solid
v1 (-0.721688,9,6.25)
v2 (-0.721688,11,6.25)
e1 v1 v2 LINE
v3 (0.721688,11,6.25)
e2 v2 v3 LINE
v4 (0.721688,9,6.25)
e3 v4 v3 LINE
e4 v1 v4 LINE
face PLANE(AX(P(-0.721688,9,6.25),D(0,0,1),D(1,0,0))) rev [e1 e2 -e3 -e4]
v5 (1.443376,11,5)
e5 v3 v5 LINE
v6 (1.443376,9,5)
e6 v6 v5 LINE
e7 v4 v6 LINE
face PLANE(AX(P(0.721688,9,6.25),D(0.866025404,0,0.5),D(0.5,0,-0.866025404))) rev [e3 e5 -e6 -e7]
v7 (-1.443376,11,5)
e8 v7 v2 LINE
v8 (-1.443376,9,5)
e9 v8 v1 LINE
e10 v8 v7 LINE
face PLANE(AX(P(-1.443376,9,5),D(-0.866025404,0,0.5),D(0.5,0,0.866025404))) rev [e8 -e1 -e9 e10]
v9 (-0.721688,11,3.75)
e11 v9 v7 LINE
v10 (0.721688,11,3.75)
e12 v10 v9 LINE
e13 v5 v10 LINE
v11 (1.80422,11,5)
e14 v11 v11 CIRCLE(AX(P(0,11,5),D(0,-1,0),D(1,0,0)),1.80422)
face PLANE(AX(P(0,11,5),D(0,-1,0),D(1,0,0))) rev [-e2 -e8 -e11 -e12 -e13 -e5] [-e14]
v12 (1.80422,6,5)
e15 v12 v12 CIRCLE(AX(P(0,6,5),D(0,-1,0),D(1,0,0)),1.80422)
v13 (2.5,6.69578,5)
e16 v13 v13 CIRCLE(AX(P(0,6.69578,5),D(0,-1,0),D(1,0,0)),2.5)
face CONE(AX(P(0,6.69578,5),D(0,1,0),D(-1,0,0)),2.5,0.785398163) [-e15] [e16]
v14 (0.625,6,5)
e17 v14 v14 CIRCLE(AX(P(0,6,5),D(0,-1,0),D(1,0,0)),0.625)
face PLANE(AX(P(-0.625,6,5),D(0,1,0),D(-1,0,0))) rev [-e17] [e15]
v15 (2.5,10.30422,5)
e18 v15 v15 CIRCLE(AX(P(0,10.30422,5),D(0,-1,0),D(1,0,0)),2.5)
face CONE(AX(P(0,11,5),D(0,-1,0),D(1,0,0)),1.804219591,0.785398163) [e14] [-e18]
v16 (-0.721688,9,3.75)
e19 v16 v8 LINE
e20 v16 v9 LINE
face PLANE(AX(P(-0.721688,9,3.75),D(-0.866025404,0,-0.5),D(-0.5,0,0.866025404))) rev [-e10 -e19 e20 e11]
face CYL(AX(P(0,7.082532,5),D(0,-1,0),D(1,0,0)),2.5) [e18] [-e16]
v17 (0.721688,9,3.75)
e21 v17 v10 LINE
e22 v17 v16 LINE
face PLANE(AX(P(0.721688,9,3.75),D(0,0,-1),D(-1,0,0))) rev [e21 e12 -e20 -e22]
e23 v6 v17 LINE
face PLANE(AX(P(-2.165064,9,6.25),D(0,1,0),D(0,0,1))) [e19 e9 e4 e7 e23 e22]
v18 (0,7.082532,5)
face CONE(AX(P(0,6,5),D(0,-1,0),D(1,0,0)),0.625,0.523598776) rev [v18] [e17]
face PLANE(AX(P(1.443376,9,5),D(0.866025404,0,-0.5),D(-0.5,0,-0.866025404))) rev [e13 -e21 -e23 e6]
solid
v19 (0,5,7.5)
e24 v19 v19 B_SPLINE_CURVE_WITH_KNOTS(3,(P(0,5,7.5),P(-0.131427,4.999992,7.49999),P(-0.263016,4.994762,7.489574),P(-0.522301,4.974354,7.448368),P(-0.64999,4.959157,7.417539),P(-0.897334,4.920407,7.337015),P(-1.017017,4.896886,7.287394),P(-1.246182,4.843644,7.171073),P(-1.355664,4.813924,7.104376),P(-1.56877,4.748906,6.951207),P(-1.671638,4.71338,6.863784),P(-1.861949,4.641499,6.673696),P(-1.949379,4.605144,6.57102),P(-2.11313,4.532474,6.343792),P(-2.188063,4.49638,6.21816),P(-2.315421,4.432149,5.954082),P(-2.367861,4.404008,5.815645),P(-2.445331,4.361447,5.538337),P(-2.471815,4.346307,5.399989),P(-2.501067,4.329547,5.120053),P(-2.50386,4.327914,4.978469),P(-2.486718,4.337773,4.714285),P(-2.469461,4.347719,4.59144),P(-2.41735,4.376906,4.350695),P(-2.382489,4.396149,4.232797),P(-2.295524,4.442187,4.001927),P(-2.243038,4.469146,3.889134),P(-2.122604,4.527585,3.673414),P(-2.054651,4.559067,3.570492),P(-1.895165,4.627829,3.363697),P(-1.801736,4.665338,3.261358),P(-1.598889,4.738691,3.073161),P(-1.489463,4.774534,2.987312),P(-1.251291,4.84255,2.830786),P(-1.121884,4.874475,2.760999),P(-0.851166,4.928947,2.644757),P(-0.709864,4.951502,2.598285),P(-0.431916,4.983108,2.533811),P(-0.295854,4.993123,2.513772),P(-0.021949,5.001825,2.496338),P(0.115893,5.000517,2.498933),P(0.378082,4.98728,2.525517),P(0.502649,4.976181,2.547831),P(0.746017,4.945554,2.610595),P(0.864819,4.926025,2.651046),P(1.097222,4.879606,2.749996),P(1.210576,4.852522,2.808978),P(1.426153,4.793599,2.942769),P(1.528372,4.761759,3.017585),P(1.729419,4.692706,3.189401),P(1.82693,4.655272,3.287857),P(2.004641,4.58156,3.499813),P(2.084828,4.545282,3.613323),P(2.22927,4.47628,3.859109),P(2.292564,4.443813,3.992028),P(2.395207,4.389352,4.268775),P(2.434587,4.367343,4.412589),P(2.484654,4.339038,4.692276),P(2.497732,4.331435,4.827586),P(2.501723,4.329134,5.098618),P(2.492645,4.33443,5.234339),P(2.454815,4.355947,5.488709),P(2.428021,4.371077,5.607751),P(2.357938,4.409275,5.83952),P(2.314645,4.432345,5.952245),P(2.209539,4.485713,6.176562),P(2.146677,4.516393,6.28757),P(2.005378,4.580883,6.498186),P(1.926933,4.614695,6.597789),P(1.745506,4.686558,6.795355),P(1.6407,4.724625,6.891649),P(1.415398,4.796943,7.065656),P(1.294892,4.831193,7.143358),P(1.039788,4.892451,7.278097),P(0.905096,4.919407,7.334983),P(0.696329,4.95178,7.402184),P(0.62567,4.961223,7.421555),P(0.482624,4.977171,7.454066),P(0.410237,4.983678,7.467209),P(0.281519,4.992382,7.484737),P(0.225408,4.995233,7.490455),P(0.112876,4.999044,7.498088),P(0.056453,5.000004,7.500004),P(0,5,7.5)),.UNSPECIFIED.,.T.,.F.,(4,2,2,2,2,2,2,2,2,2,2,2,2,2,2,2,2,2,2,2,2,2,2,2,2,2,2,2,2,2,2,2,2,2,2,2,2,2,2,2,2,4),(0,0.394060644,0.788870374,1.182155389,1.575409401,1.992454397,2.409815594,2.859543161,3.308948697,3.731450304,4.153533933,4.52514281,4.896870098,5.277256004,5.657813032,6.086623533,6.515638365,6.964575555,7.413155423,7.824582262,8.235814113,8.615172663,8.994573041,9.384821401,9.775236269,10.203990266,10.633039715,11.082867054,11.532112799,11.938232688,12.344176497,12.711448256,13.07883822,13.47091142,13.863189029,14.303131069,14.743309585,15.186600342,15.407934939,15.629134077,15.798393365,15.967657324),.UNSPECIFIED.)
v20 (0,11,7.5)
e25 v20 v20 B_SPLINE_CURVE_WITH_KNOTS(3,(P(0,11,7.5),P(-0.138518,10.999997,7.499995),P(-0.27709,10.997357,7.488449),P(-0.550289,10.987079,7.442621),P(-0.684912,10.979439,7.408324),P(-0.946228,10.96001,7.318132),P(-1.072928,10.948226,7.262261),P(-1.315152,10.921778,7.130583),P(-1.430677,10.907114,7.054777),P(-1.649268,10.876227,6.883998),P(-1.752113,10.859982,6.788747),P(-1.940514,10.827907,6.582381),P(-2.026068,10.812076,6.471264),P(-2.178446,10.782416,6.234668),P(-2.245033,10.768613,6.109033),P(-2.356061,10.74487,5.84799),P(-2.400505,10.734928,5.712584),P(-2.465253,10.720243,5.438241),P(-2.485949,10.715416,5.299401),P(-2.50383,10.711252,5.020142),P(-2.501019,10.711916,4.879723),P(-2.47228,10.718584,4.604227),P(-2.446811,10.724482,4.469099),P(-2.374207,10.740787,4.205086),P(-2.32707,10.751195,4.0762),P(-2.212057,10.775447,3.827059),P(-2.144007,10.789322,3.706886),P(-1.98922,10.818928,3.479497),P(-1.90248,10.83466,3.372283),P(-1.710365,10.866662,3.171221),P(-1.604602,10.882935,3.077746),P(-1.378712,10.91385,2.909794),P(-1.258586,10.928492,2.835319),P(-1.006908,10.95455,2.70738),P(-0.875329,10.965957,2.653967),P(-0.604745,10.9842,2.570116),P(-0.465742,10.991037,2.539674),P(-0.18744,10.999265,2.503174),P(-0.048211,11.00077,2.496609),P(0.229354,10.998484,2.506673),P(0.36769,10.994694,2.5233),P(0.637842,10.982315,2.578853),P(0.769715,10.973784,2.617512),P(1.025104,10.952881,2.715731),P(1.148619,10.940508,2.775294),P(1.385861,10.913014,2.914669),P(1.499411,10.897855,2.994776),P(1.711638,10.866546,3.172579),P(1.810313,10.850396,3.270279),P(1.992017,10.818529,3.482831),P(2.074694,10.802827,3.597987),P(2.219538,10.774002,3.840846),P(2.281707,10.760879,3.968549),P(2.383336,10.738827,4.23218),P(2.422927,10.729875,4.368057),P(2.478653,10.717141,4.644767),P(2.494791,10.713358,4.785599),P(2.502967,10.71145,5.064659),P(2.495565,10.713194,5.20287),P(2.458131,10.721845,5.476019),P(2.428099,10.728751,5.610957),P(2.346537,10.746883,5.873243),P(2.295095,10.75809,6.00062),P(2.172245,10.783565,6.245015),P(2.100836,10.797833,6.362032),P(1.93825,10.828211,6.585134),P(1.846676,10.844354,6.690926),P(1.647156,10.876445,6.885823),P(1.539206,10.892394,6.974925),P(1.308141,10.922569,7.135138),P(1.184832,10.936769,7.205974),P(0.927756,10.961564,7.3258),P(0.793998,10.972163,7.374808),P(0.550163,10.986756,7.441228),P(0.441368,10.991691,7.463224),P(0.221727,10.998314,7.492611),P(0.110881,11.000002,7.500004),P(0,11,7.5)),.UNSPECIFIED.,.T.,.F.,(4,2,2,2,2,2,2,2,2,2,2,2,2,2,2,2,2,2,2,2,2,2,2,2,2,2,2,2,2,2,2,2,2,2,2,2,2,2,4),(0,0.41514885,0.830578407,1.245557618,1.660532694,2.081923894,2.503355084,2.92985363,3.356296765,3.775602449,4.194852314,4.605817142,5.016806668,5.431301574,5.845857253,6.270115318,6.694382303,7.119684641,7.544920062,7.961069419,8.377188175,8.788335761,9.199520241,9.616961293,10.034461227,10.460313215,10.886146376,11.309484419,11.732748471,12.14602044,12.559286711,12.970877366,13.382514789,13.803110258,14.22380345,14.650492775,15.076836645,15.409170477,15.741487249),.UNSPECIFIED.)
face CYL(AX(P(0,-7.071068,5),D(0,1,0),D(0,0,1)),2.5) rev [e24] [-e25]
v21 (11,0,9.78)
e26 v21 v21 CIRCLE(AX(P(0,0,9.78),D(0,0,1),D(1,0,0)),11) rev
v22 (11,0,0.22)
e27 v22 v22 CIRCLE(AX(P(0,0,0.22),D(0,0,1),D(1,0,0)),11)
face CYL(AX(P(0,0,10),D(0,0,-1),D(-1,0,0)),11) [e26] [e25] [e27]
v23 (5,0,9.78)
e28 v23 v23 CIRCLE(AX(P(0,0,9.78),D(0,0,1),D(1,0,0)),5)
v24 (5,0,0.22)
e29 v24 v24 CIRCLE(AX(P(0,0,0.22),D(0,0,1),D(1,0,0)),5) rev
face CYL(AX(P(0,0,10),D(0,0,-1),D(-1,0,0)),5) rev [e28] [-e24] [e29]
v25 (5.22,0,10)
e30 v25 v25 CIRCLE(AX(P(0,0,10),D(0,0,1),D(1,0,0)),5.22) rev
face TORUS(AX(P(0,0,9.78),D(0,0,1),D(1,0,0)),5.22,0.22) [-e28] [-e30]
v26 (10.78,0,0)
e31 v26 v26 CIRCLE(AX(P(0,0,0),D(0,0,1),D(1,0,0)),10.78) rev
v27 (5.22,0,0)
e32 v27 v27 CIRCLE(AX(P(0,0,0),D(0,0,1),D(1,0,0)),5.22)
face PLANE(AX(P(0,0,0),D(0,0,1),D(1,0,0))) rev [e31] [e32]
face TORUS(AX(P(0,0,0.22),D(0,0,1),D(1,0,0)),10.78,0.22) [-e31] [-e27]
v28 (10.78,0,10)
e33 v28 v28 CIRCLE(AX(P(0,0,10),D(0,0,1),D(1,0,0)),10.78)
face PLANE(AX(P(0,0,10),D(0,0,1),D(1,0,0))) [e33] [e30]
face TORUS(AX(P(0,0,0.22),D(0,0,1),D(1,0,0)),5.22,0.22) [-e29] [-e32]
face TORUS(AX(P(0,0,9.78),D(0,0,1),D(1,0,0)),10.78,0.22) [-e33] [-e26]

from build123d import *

# Parameters (mm, degrees)
SKETCH1_R          = 11
SKETCH1_R_2        = 5
EXTRUDE1_DEPTH     = 10
CUT_EXTRUDE1_REACH = 24
SKETCH2_R          = 2.5
CUT_EXTRUDE2_DEPTH = 2
FILLET1_R          = 0.22


with BuildPart() as part:
    # Sketch1 → Extrude1 (new body)
    with BuildSketch(Plane.XY):
        Circle(SKETCH1_R)
        Circle(SKETCH1_R_2, mode=Mode.SUBTRACT)
    extrude(amount=EXTRUDE1_DEPTH)

    # Sketch2 → Cut-Extrude1 (cut, up to next)
    with BuildSketch(Plane(origin=(0, 11, 0), x_dir=(-1, 0, 0), z_dir=(0, 1, 0)), mode=Mode.PRIVATE) as cut_extrude1_sk1:
        with Locations((0, 5)):
            Circle(SKETCH2_R)
    cut_extrude1_tool1 = extrude(cut_extrude1_sk1.sketch, amount=-CUT_EXTRUDE1_REACH, mode=Mode.PRIVATE) & part.part
    add(cut_extrude1_tool1.solids().sort_by_distance((0, 11, 5))[0], mode=Mode.SUBTRACT)

    # Fillet1
    fillet1_edges = [part.edges().sort_by_distance(p)[0] for p in [
        (-11, 0, 0),
        (-11, 0, 10),
        (-5, 0, 0),
        (-5, 0, 10),
    ]]
    fillet(fillet1_edges, radius=FILLET1_R)


with BuildPart() as body_2:
    # Sketch3 → Revolve1 (revolve)
    with BuildSketch(Plane.XY.offset(5)):
        Polygon((-1.804219591, 11), (-2.5, 10.304219591), (-2.5, 6.695780409), (-1.804219591, 6), (-0.625, 6), (0, 7.082531755), (0, 11), align=None)
    revolve(axis=Axis((0, 7.082531755, 5), (0, 1, 0)))

    # Sketch4 → Cut-Extrude2 (cut)
    with BuildSketch(Plane(origin=(0, 11, 0), x_dir=(0, 0, -1), z_dir=(0, 1, 0))):
        Polygon((-5, 1.443375673), (-6.25, 0.721687836), (-6.25, -0.721687836), (-5, -1.443375673), (-3.75, -0.721687836), (-3.75, 0.721687836), align=None)
    extrude(amount=-CUT_EXTRUDE2_DEPTH, mode=Mode.SUBTRACT)


solid = Compound([part.part, body_2.part])
